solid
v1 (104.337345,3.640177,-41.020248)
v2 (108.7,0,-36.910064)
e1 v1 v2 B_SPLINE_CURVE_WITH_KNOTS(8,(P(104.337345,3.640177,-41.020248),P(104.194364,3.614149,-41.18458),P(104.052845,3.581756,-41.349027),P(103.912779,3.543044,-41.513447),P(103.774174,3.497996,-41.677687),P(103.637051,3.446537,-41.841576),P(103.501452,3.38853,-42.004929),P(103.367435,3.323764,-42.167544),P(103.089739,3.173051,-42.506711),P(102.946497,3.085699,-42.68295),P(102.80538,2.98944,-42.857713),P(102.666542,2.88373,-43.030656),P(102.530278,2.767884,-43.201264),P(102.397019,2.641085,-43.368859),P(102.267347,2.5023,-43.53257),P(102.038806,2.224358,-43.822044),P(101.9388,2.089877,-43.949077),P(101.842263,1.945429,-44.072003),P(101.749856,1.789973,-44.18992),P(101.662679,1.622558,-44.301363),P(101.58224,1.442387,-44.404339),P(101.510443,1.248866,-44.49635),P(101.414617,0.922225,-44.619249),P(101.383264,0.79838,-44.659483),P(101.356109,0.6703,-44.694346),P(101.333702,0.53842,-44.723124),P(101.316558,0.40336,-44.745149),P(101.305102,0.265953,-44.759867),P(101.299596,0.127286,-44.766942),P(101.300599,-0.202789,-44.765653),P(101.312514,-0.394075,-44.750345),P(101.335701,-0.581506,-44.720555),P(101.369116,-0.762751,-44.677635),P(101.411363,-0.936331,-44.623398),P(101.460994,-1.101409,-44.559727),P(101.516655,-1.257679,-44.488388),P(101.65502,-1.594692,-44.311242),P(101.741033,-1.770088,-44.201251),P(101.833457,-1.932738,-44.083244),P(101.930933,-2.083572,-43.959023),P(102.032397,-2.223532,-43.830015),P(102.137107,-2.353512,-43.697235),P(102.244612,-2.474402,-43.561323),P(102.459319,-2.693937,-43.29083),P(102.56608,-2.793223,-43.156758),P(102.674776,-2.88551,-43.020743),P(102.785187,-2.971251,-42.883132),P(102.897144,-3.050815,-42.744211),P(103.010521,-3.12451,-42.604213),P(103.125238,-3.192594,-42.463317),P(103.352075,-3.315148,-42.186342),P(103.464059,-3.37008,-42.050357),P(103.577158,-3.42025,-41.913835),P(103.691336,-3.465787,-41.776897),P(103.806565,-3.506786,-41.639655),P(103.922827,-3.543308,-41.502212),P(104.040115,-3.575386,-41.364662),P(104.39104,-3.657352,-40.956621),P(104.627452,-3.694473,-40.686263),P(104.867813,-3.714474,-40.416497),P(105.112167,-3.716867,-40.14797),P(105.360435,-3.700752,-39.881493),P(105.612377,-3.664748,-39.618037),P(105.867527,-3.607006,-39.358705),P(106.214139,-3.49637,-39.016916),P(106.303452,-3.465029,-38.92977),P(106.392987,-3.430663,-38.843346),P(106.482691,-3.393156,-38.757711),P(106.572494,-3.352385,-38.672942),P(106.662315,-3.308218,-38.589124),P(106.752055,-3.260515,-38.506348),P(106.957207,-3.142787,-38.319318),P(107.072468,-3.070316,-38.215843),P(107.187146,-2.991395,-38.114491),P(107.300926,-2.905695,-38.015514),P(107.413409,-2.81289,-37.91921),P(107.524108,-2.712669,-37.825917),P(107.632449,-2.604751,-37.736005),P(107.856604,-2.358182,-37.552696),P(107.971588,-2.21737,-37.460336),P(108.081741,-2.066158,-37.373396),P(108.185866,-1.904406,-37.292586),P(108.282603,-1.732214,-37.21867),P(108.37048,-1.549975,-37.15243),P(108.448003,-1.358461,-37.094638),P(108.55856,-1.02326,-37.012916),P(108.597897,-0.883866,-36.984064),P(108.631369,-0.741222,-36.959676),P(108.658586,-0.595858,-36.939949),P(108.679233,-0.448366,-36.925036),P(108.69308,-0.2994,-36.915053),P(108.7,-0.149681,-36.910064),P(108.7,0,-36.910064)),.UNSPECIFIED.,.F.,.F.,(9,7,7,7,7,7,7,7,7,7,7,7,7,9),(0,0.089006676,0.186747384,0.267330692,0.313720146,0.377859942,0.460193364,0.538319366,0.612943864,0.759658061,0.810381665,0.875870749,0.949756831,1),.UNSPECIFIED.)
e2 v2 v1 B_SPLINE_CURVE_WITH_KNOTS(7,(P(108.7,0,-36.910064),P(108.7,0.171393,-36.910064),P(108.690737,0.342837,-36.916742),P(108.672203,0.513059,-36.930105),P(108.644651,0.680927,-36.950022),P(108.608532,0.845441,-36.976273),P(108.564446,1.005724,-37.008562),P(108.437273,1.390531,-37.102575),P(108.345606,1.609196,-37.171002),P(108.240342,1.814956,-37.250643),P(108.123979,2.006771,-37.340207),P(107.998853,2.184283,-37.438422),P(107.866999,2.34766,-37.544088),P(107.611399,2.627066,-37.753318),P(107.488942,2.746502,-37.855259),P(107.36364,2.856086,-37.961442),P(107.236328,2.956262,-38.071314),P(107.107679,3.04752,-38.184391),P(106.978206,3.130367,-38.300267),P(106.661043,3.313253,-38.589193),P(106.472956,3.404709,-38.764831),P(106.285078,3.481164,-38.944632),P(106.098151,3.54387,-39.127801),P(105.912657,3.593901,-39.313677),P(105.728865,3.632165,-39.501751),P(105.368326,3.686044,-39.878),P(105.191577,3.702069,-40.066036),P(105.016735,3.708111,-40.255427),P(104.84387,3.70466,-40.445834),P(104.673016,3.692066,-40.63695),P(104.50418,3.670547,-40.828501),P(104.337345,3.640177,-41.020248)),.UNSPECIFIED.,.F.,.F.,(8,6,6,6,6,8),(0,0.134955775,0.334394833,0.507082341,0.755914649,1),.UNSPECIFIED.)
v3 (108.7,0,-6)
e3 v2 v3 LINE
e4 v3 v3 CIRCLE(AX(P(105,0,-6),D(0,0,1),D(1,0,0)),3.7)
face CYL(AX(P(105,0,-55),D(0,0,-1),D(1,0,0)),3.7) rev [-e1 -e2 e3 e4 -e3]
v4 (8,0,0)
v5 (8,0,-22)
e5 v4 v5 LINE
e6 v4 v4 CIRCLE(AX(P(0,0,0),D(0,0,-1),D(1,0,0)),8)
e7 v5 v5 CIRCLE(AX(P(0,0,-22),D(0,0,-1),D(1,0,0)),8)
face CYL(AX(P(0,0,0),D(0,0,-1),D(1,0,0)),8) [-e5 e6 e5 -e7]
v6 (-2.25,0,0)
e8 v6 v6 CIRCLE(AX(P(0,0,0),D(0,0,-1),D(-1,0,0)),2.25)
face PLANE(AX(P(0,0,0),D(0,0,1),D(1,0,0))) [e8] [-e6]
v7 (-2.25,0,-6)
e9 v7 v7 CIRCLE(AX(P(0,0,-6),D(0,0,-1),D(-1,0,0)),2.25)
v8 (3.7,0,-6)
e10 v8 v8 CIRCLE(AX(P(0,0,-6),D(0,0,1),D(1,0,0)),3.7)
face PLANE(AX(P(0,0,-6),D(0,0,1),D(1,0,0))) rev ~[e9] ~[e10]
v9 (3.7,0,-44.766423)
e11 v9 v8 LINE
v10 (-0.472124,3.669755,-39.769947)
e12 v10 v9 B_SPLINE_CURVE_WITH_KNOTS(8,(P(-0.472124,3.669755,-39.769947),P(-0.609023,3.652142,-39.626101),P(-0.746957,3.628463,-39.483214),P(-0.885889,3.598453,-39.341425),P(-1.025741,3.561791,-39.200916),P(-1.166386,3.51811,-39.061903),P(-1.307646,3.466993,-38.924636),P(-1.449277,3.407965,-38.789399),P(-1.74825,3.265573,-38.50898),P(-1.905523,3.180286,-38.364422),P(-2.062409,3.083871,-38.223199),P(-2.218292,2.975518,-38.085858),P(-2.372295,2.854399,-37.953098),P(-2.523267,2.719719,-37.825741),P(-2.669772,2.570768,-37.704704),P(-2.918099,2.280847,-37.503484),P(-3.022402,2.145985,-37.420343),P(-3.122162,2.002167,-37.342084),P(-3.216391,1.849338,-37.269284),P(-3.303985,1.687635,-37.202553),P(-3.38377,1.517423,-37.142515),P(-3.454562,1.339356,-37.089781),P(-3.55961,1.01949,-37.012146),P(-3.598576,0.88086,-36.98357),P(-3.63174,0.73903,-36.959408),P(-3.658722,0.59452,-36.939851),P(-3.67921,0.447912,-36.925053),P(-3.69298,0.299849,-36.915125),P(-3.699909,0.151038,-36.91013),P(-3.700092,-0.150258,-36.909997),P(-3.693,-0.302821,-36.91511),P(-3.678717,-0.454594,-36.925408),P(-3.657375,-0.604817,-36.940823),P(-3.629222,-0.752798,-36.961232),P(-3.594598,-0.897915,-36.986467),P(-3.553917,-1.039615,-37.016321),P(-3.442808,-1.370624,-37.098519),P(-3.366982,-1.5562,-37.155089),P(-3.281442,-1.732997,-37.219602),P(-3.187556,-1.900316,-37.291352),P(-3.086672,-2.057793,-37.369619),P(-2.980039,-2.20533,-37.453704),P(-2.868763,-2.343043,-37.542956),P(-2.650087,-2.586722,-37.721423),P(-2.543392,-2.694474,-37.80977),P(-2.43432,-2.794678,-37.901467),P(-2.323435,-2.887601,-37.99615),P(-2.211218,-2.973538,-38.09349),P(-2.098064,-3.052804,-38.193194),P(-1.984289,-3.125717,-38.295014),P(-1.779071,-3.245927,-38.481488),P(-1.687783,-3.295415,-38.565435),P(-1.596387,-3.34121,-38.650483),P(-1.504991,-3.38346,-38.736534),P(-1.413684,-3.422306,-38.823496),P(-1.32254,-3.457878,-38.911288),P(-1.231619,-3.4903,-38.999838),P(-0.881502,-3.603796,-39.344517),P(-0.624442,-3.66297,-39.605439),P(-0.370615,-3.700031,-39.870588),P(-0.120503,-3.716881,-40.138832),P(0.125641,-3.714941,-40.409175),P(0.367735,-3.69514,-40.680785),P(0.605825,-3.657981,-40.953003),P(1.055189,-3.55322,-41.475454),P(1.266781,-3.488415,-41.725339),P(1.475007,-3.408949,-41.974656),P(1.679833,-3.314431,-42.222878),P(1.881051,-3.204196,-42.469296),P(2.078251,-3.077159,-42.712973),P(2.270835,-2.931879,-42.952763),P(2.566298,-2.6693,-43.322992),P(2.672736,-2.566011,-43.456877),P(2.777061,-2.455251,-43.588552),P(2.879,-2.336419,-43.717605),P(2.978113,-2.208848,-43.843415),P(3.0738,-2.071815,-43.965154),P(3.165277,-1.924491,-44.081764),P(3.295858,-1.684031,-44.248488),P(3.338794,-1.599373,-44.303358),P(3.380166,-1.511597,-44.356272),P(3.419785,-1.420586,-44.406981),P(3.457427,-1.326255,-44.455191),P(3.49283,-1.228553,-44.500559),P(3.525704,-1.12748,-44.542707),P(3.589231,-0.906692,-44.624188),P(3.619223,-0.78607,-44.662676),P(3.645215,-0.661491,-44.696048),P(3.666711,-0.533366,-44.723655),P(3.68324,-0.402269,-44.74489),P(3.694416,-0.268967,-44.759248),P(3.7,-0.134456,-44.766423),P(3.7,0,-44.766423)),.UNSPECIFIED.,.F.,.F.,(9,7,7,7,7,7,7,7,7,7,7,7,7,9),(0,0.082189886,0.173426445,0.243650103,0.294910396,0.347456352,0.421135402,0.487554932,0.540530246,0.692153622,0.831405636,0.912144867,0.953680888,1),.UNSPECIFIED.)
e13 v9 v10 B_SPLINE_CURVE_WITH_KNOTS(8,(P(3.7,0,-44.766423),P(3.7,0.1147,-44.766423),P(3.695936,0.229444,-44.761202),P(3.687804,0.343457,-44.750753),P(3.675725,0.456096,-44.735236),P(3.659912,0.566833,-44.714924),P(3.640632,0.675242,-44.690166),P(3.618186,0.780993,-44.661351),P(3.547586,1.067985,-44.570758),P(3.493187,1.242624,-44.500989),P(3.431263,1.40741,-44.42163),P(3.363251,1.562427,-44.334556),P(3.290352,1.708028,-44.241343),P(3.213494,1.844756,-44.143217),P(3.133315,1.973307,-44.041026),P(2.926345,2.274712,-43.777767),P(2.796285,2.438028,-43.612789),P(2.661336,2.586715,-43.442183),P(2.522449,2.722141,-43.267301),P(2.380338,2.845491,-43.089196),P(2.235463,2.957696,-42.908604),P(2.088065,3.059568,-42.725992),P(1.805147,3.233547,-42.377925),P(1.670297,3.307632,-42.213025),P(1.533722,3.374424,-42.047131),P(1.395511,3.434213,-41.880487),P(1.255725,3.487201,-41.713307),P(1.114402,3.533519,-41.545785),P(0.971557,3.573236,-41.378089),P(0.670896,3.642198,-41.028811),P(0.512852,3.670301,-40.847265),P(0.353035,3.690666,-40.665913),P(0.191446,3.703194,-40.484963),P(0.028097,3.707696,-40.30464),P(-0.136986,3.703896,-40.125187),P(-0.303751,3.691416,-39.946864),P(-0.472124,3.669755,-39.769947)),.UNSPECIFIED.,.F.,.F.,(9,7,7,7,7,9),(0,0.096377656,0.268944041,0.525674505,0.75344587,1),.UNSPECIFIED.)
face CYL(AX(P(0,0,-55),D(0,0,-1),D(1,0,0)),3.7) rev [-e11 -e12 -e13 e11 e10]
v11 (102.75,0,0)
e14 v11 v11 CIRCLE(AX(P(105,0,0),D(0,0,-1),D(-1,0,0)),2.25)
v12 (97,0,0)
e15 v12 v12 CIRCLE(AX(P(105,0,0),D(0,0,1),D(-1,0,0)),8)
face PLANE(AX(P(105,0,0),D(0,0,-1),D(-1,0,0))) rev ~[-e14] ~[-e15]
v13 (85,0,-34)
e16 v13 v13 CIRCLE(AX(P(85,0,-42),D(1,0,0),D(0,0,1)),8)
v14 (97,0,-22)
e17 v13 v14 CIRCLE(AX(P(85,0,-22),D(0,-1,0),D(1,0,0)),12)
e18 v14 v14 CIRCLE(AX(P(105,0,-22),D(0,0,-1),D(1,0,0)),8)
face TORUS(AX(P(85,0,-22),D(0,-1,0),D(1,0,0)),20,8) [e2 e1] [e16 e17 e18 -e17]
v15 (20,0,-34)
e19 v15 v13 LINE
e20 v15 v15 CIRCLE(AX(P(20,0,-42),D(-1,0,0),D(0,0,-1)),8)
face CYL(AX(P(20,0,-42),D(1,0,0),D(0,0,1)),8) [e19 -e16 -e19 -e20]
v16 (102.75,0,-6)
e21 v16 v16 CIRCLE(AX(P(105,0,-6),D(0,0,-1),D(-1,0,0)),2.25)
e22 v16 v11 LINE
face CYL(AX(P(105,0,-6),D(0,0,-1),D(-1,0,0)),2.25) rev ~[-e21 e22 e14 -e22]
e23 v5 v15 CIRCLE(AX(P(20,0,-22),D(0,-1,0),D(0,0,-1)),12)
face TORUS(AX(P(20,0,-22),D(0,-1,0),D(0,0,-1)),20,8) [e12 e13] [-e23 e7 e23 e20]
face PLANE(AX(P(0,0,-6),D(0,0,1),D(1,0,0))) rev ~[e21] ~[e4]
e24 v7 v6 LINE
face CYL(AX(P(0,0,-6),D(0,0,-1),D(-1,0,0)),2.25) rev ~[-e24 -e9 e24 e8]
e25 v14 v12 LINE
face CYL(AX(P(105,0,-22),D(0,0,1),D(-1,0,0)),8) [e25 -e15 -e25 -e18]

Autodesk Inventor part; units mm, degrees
ref_plane "YZ Plane" through (0, 0, 0) normal (1, 0, 0) x (0, 1, 0)
ref_plane "XZ Plane" through (0, 0, 0) normal (0, 1, 0) x (-1, 0, 0)
sketch "Sketch1" plane through (0, 0, 0) normal (0, 0, 1) x (1, 0, 0)
  circle A0 centre (0, 0) radius 8
  dimension "d0" = 16
sketch "Sketch2" plane through (0, 0, 0) normal (0, 1, 0) x (-1, 0, 0)
  line L0 (0, 0) -> (0, -22)
  line L1 (-20, -42) -> (-85, -42)
  line L2 (-105, -22) -> (-105, 0)
  arc A0 (-20, -42) -> (0, -22) centre (-20, -22) ccw
  arc A1 (-105, -22) -> (-85, -42) centre (-85, -22) ccw
  point P0 (0, -42)
  point P1 (-105, -42)
  dimension "d1" = 105
  dimension "d2" = 42
  dimension "d3" = 20
sweep "Sweep1" add profiles "Sketch1" path "Sketch2"
ref_plane "Work Plane1" through (0, 0, -55) normal (0, 0, 1) x (1, 0, 0)
sketch "Sketch3" plane through (0, 0, -55) normal (0, 0, 1) x (1, 0, 0)
  circle A0 centre (0, 0) radius 3.7
  circle A1 centre (105, 0) radius 8 projected
  circle A2 centre (105, 0) radius 3.7
  dimension "d7" = 7.4
  dimension "d8" = 7.4
extrude "Extrusion1" cut sketch "Sketch3" along normal blind 49 contours A0 | A2
sketch "Sketch4" plane through (0, 0, -6) normal (0, 0, -1) x (-1, 0, 0)
  circle A0 centre (0, 0) radius 3.7 projected
  circle A1 centre (-105, 0) radius 3.7 projected
  circle A2 centre (0, 0) radius 2.25
  circle A3 centre (-105, 0) radius 2.25
  dimension "d11" = 4.5
  dimension "d12" = 4.5
extrude "Extrusion2" cut sketch "Sketch4" against normal up to surface (6 mm away) contours A2 | A3
properties part number "FrameHandle" material "ABS Plastic"
